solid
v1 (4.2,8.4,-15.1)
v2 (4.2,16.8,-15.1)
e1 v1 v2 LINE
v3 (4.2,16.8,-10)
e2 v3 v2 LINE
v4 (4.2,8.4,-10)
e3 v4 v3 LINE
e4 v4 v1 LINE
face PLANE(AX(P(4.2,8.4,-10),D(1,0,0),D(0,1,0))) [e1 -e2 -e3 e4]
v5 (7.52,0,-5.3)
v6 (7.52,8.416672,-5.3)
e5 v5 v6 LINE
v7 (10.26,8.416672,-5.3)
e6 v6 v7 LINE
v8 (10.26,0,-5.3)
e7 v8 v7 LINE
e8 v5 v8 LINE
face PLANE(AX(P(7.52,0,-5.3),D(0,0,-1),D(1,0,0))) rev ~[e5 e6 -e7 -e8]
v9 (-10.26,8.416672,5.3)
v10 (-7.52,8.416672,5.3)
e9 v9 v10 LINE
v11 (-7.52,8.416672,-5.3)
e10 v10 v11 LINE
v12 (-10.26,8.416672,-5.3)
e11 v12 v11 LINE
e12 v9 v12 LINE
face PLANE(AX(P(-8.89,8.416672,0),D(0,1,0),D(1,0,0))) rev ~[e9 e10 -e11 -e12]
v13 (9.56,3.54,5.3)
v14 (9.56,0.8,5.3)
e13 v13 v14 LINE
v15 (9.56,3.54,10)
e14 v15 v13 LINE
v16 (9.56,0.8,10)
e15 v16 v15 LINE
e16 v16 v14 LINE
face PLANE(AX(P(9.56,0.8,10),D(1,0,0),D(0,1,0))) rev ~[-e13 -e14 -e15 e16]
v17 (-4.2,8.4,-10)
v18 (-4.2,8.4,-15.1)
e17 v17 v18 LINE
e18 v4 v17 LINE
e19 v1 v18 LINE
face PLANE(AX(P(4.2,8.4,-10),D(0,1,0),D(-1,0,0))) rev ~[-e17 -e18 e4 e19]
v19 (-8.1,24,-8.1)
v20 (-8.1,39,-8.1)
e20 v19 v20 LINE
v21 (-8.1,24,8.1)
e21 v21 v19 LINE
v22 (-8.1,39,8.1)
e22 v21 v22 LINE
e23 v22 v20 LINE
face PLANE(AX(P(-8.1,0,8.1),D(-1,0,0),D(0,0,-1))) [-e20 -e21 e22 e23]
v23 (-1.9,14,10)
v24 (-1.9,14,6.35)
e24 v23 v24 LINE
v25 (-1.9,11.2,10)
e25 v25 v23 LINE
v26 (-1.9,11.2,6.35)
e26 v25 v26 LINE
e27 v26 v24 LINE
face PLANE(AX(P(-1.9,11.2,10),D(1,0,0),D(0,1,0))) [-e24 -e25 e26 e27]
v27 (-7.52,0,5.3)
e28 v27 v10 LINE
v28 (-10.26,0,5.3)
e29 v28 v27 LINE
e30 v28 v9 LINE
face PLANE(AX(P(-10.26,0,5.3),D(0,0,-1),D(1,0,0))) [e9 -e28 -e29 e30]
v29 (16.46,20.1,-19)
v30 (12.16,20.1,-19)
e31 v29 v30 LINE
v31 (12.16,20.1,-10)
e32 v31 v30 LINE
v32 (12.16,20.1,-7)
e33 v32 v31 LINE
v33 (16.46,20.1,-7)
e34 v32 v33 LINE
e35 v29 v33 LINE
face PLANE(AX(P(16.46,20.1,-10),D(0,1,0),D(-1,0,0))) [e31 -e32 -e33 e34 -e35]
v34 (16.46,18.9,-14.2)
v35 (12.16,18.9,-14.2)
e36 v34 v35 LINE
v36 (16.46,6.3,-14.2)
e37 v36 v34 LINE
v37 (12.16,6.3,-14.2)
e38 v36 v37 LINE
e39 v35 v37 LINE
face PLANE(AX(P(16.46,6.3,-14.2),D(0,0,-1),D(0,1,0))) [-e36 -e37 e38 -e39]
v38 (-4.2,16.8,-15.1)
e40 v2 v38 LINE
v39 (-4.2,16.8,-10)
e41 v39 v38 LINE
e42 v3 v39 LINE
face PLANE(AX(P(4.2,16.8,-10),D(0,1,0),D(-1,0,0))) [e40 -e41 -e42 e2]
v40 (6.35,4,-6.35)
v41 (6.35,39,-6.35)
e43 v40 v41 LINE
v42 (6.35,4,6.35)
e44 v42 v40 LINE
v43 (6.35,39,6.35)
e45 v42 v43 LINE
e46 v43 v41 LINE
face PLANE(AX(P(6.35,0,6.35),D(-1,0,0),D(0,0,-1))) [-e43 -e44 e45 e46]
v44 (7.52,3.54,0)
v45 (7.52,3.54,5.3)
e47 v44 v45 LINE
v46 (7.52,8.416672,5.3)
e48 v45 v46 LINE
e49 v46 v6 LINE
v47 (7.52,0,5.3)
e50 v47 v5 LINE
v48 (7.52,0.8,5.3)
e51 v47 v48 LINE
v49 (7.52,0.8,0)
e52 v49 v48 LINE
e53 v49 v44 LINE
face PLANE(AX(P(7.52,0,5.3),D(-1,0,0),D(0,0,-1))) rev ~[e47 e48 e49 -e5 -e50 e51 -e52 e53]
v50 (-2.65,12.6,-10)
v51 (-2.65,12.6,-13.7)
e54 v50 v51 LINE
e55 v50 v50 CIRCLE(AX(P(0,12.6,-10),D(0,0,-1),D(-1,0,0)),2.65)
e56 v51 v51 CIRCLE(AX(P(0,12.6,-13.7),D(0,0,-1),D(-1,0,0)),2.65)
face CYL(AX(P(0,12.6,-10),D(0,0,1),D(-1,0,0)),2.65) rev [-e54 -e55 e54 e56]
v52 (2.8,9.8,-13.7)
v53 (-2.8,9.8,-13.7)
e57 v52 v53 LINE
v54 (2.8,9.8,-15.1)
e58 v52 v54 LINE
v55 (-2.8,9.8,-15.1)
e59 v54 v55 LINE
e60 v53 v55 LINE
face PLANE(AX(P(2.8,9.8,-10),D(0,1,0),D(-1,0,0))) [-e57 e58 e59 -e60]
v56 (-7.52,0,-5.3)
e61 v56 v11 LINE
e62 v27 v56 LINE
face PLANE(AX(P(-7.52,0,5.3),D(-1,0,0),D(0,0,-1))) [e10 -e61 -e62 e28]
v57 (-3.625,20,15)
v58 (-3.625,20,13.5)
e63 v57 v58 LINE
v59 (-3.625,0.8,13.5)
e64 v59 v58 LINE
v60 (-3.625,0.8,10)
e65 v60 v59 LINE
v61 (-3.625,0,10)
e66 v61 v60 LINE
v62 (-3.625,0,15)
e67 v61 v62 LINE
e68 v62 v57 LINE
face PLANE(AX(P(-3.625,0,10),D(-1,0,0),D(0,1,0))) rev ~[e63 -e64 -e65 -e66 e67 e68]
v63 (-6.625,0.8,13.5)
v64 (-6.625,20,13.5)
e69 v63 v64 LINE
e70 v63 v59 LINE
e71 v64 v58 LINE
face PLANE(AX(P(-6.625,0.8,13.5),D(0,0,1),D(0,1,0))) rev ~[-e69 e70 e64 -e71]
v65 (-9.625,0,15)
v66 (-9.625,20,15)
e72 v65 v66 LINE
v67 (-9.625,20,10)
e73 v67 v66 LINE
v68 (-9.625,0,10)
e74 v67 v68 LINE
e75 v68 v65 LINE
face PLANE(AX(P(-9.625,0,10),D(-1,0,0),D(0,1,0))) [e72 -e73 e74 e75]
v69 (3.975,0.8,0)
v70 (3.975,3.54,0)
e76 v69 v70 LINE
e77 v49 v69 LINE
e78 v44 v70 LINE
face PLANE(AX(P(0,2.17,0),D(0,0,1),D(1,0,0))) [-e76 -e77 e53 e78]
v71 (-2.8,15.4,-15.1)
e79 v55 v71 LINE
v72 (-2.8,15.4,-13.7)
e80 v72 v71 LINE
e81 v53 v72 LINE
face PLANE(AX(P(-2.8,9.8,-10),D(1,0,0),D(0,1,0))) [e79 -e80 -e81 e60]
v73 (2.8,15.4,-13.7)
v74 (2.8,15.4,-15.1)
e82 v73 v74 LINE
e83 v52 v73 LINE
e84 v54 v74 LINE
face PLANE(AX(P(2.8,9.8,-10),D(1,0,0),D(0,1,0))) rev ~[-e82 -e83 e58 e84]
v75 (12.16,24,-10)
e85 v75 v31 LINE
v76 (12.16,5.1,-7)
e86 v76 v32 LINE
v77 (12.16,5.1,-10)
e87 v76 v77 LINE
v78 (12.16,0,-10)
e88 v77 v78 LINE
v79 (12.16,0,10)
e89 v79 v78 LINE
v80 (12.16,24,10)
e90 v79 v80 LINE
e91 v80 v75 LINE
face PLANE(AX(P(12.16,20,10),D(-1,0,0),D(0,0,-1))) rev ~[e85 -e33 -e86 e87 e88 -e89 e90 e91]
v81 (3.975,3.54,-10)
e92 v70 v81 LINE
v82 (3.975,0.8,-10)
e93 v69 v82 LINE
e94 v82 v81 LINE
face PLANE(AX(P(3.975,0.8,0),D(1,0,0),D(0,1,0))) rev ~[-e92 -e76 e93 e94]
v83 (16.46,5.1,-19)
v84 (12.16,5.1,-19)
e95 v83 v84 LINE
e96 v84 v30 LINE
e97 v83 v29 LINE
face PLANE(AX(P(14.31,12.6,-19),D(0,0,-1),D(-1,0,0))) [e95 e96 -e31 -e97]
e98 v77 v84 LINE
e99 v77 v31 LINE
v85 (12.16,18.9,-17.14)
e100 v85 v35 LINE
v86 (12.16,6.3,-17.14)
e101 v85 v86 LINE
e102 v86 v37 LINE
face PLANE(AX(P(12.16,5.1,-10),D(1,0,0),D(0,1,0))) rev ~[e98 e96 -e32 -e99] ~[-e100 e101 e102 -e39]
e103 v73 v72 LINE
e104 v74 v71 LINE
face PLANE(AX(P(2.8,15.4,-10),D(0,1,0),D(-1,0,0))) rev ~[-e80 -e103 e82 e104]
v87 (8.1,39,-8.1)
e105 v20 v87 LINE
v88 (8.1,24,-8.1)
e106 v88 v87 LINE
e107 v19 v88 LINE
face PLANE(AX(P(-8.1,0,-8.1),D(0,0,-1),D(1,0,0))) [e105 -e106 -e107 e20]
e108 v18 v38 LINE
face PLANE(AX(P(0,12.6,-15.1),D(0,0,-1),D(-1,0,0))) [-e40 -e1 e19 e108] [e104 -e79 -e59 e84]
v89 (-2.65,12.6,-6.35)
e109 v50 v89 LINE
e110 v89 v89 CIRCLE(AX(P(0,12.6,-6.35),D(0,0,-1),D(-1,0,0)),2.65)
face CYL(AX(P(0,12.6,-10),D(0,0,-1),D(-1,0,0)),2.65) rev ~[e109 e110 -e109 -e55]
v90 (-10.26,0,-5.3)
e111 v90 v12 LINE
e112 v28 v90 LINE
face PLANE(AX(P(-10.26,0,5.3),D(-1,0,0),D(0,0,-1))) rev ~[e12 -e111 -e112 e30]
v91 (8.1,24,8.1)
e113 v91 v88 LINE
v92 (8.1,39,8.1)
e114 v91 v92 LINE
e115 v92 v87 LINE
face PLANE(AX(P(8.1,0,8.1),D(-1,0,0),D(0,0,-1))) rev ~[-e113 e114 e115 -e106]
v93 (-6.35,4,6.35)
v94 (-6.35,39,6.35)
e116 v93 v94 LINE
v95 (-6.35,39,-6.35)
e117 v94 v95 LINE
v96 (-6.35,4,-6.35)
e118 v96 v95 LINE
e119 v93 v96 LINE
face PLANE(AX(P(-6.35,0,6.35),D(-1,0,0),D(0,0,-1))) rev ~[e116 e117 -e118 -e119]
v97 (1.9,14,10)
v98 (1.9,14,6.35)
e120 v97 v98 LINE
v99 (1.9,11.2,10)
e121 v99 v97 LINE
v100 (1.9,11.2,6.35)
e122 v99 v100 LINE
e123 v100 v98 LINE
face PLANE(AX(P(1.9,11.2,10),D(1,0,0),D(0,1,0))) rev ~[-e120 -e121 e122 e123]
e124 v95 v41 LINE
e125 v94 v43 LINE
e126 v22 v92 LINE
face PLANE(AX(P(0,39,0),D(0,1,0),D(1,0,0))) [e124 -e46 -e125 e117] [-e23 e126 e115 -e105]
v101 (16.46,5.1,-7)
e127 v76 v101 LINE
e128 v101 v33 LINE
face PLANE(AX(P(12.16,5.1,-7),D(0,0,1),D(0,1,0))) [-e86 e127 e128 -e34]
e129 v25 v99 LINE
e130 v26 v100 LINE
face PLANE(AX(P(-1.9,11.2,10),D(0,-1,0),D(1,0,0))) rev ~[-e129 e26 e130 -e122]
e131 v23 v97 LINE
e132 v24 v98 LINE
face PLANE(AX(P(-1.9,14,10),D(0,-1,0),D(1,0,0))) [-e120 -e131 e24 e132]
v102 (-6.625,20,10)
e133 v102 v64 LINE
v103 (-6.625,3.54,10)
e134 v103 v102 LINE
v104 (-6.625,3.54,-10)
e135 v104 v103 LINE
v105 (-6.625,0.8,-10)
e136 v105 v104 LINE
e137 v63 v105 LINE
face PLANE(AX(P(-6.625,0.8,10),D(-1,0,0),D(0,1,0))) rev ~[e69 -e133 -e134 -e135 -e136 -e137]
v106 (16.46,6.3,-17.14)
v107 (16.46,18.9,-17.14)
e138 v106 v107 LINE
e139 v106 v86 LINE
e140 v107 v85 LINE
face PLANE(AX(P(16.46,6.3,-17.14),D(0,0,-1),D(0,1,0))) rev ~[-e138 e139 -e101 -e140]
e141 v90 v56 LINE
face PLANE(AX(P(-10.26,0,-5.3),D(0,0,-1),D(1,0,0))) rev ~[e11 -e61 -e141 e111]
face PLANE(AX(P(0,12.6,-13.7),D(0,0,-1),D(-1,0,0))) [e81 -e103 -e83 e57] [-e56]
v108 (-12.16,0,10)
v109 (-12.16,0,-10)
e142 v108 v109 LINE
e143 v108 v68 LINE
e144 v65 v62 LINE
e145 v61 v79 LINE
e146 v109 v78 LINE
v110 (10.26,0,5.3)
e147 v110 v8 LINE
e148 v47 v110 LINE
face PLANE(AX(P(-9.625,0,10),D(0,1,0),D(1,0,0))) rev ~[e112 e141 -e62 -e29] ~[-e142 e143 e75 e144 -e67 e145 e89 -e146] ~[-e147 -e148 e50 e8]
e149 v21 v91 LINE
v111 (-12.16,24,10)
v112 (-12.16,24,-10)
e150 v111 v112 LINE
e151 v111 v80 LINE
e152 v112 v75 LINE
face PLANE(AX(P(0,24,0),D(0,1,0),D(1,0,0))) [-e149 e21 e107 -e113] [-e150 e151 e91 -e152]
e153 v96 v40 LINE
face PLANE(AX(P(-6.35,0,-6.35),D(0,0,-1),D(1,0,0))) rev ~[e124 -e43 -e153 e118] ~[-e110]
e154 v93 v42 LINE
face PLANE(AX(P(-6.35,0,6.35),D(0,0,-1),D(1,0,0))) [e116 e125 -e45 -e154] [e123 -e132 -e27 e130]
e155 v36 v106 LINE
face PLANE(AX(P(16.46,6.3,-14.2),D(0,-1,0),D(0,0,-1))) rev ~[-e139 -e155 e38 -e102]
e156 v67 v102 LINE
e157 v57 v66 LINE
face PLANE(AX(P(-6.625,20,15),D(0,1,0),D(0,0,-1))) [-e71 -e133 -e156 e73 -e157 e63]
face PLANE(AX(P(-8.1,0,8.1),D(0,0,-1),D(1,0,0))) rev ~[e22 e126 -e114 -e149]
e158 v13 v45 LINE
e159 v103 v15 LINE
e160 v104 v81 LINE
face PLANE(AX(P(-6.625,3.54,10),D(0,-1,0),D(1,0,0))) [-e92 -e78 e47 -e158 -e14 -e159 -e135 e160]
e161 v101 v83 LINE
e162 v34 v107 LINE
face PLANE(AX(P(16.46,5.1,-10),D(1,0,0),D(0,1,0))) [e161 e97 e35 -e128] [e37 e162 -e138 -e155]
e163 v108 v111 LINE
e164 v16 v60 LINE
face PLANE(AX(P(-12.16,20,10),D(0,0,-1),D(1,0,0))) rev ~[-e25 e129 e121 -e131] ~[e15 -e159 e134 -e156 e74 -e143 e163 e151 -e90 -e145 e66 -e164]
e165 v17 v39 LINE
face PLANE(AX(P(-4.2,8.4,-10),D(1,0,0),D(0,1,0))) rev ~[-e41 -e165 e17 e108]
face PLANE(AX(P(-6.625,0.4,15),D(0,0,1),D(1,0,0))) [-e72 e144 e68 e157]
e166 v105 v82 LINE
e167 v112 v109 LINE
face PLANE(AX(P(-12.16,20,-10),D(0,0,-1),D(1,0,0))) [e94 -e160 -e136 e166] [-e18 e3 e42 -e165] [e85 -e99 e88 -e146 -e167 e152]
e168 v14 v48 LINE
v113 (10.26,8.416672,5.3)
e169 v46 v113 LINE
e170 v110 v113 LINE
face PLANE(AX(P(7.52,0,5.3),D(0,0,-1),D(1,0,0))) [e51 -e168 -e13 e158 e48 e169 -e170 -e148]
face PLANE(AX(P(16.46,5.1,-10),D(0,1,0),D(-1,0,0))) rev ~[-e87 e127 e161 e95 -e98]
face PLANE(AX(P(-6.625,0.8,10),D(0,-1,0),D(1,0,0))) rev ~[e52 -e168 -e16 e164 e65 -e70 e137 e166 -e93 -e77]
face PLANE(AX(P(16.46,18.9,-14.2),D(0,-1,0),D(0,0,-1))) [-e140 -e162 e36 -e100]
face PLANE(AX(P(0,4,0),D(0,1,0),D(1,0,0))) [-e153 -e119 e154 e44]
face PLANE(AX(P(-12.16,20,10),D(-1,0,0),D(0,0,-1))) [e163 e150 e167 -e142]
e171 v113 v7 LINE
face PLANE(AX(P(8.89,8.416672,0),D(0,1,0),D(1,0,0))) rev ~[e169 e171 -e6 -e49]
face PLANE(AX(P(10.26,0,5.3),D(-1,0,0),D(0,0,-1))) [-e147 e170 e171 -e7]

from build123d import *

# Parameters (mm, degrees)
SKETCH_1_W           = 16.2
SKETCH_1_H           = 16.2
SKETCH_1_W_2         = 12.7
SKETCH_1_H_2         = 12.7
EXTRUDE_1_DEPTH      = 39
SKETCH_3_W           = 12.7
SKETCH_3_H           = 12.7
EXTRUDE_2_DEPTH      = 4
SKETCH_5_W           = 24.32
SKETCH_5_H           = 20
SKETCH_5_W_2         = 14.7
SKETCH_5_H_2         = 14.7
EXTRUDE_3_DEPTH      = 20
SKETCH_9_W           = 2.74
SKETCH_9_H           = 10.6
CUT_EXTRUDE_5_DEPTH  = 8.416671881
SKETCH_13_W          = 8.4
SKETCH_13_H          = 8.4
SKETCH_13_W_2        = 5.6
SKETCH_13_H_2        = 5.6
EXTRUDE_6_DEPTH      = 5.1
SKETCH_27_W          = 5.6
SKETCH_27_H          = 5.6
SKETCH_27_R          = 2.65
EXTRUDE_10_DEPTH     = 3.7
CUT_EXTRUDE_10_REACH = 47.485
SKETCH_33_R          = 2.65
CUT_EXTRUDE_13_REACH = 49.947
SKETCH_23_W          = 3.8
SKETCH_23_H          = 2.8
SKETCH_34_W          = 24.32
SKETCH_34_H          = 20
SKETCH_34_W_2        = 16.2
SKETCH_34_H_2        = 16.2
EXTRUDE_11_DEPTH     = 4
SKETCH_35_W          = 3
SKETCH_35_H          = 15
EXTRUDE_12_DEPTH     = 4.3
SKETCH_38_W          = 4.3
SKETCH_38_H          = 15
EXTRUDE_13_DEPTH     = 9
CUT_EXTRUDE_14_REACH = 53.972
SKETCH_39_W          = 2.94
SKETCH_39_H          = 12.6
SKETCH_23_4_W        = 13.25
SKETCH_23_4_H        = 2.74
CUT_EXTRUDE_16_DEPTH = 10
SKETCH_42_W          = 3
SKETCH_42_H          = 19.2
EXTRUDE_14_DEPTH     = 5
SKETCH_45_W          = 1.5
SKETCH_45_H          = 19.2
EXTRUDE_15_DEPTH     = 3
SKETCH_46_W          = 2.935
SKETCH_46_H          = 2.74
CUT_EXTRUDE_18_DEPTH = 10
CUT_EXTRUDE_19_REACH = 48.4
SKETCH_47_W          = 10.6
SKETCH_47_H          = 2.74
SKETCH_49_W          = 6
SKETCH_49_H          = 0.8
EXTRUDE_17_DEPTH     = 5


with BuildPart() as part:
    # 草圖1 → 填料-伸長1 (new body)
    with BuildSketch(Plane(origin=(0, 0, 0), x_dir=(1, 0, 0), z_dir=(0, 1, 0))):
        Rectangle(SKETCH_1_W, SKETCH_1_H)
        Rectangle(SKETCH_1_W_2, SKETCH_1_H_2, mode=Mode.SUBTRACT)
    extrude(amount=EXTRUDE_1_DEPTH)



with BuildPart() as body_2:
    # 草圖3 → 填料-伸長2 (new body)
    with BuildSketch(Plane(origin=(0, 0, 0), x_dir=(1, 0, 0), z_dir=(0, 1, 0))):
        Rectangle(SKETCH_3_W, SKETCH_3_H)
    extrude(amount=EXTRUDE_2_DEPTH)


with BuildPart() as part_1:
    add(part.part)

    add(body_2.part)  # 填料-伸長3 merges body 2
    # 草圖5 → 填料-伸長3 (add)
    with BuildSketch(Plane(origin=(0, 0, 0), x_dir=(1, 0, 0), z_dir=(0, 1, 0))):
        Rectangle(SKETCH_5_W, SKETCH_5_H)
        Rectangle(SKETCH_5_W_2, SKETCH_5_H_2, mode=Mode.SUBTRACT)
    extrude(amount=EXTRUDE_3_DEPTH)

    # 草圖9 → 除料-伸長5 (cut)
    with BuildSketch(Plane(origin=(0, 0, 0), x_dir=(1, 0, 0), z_dir=(0, 1, 0))):
        with Locations((-8.89, 0)):
            Rectangle(SKETCH_9_W, SKETCH_9_H)
        with Locations((8.89, 0)):
            Rectangle(SKETCH_9_W, SKETCH_9_H)
    extrude(amount=CUT_EXTRUDE_5_DEPTH, mode=Mode.SUBTRACT)

    # 草圖13 → 填料-伸長6 (add)
    with BuildSketch(Plane(origin=(0, 0, -10), x_dir=(-1, 0, 0), z_dir=(0, 0, -1))):
        with Locations((0, 12.6)):
            Rectangle(SKETCH_13_W, SKETCH_13_H)
        with Locations((0, 12.6)):
            Rectangle(SKETCH_13_W_2, SKETCH_13_H_2, mode=Mode.SUBTRACT)
    extrude(amount=EXTRUDE_6_DEPTH)

    # 草圖27 → 填料-伸長10 (add)
    with BuildSketch(Plane(origin=(0, 0, -10), x_dir=(-1, 0, 0), z_dir=(0, 0, -1))):
        with Locations((0, 12.6)):
            Rectangle(SKETCH_27_W, SKETCH_27_H)
        with Locations((0, 12.6)):
            Circle(SKETCH_27_R, mode=Mode.SUBTRACT)
    extrude(amount=EXTRUDE_10_DEPTH)

    # 草圖33 → 除料-伸長10 (cut, up to next)
    with BuildSketch(Plane(origin=(0, 0, -10), x_dir=(-1, 0, 0), z_dir=(0, 0, -1)), mode=Mode.PRIVATE) as cut_extrude_10_sk1:
        with Locations((0, 12.6)):
            Circle(SKETCH_33_R)
    cut_extrude_10_tool1 = extrude(cut_extrude_10_sk1.sketch, amount=-CUT_EXTRUDE_10_REACH, mode=Mode.PRIVATE) & part_1.part
    add(cut_extrude_10_tool1.solids().sort_by_distance((0, 12.6, -10))[0], mode=Mode.SUBTRACT)

    # 草圖23 → 除料-伸長13 (cut, up to next)
    with BuildSketch(Plane.XY.offset(10), mode=Mode.PRIVATE) as cut_extrude_13_sk1:
        with Locations((0, 12.6)):
            Rectangle(SKETCH_23_W, SKETCH_23_H)
    cut_extrude_13_tool1 = extrude(cut_extrude_13_sk1.sketch, amount=-CUT_EXTRUDE_13_REACH, mode=Mode.PRIVATE) & part_1.part
    add(cut_extrude_13_tool1.solids().sort_by_distance((0, 12.6, 10))[0], mode=Mode.SUBTRACT)

    # 草圖34 → 填料-伸長11 (add)
    with BuildSketch(Plane(origin=(0, 20, 0), x_dir=(1, 0, 0), z_dir=(0, 1, 0))):
        Rectangle(SKETCH_34_W, SKETCH_34_H)
        Rectangle(SKETCH_34_W_2, SKETCH_34_H_2, mode=Mode.SUBTRACT)
    extrude(amount=EXTRUDE_11_DEPTH)

    # 草圖35 → 填料-伸長12 (add)
    with BuildSketch(Plane(origin=(12.16, 0, 0), x_dir=(0, 0, -1), z_dir=(1, 0, 0))):
        with Locations((8.5, 12.6)):
            Rectangle(SKETCH_35_W, SKETCH_35_H)
    extrude(amount=EXTRUDE_12_DEPTH)

    # 草圖38 → 填料-伸長13 (add)
    with BuildSketch(Plane(origin=(0, 0, -10), x_dir=(-1, 0, 0), z_dir=(0, 0, -1))):
        with Locations((-14.31, 12.6)):
            Rectangle(SKETCH_38_W, SKETCH_38_H)
    extrude(amount=EXTRUDE_13_DEPTH)

    # 草圖39 → 除料-伸長14 (cut, up to next)
    with BuildSketch(Plane(origin=(16.46, 0, 0), x_dir=(0, 0, -1), z_dir=(1, 0, 0)), mode=Mode.PRIVATE) as cut_extrude_14_sk1:
        with Locations((15.67, 12.6)):
            Rectangle(SKETCH_39_W, SKETCH_39_H)
    cut_extrude_14_tool1 = extrude(cut_extrude_14_sk1.sketch, amount=-CUT_EXTRUDE_14_REACH, mode=Mode.PRIVATE) & part_1.part
    add(cut_extrude_14_tool1.solids().sort_by_distance((16.46, 12.6, -15.67))[0], mode=Mode.SUBTRACT)

    # 草圖23<4> → 除料-伸長16 (cut)
    with BuildSketch(Plane.XY.offset(10)):
        with Locations((0, 2.17)):
            Rectangle(SKETCH_23_4_W, SKETCH_23_4_H)
    extrude(amount=-CUT_EXTRUDE_16_DEPTH, mode=Mode.SUBTRACT)

    # 草圖42 → 填料-伸長14 (add)
    with BuildSketch(Plane.XY.offset(10)):
        with Locations((-8.125, 10.4)):
            Rectangle(SKETCH_42_W, SKETCH_42_H)
    extrude(amount=EXTRUDE_14_DEPTH)

    # 草圖45 → 填料-伸長15 (add)
    with BuildSketch(Plane(origin=(-6.625, 0, 0), x_dir=(0, 0, -1), z_dir=(1, 0, 0))):
        with Locations((-14.25, 10.4)):
            Rectangle(SKETCH_45_W, SKETCH_45_H)
    extrude(amount=EXTRUDE_15_DEPTH)

    # 草圖46 → 除料-伸長18 (cut)
    with BuildSketch(Plane.XY.offset(10)):
        with Locations((8.0925, 2.17)):
            Rectangle(SKETCH_46_W, SKETCH_46_H)
    extrude(amount=-CUT_EXTRUDE_18_DEPTH, mode=Mode.SUBTRACT)

    # 草圖47 → 除料-伸長19 (cut, up to next)
    with BuildSketch(Plane.XY, mode=Mode.PRIVATE) as cut_extrude_19_sk1:
        with Locations((-1.325, 2.17)):
            Rectangle(SKETCH_47_W, SKETCH_47_H)
    cut_extrude_19_tool1 = extrude(cut_extrude_19_sk1.sketch, amount=-CUT_EXTRUDE_19_REACH, mode=Mode.PRIVATE) & part_1.part
    add(cut_extrude_19_tool1.solids().sort_by_distance((-1.325, 2.17, 0))[0], mode=Mode.SUBTRACT)

    # 草圖49 → 填料-伸長17 (add)
    with BuildSketch(Plane.XY.offset(10)):
        with Locations((-6.625, 0.4)):
            Rectangle(SKETCH_49_W, SKETCH_49_H)
    extrude(amount=EXTRUDE_17_DEPTH)


solid = part_1.part
